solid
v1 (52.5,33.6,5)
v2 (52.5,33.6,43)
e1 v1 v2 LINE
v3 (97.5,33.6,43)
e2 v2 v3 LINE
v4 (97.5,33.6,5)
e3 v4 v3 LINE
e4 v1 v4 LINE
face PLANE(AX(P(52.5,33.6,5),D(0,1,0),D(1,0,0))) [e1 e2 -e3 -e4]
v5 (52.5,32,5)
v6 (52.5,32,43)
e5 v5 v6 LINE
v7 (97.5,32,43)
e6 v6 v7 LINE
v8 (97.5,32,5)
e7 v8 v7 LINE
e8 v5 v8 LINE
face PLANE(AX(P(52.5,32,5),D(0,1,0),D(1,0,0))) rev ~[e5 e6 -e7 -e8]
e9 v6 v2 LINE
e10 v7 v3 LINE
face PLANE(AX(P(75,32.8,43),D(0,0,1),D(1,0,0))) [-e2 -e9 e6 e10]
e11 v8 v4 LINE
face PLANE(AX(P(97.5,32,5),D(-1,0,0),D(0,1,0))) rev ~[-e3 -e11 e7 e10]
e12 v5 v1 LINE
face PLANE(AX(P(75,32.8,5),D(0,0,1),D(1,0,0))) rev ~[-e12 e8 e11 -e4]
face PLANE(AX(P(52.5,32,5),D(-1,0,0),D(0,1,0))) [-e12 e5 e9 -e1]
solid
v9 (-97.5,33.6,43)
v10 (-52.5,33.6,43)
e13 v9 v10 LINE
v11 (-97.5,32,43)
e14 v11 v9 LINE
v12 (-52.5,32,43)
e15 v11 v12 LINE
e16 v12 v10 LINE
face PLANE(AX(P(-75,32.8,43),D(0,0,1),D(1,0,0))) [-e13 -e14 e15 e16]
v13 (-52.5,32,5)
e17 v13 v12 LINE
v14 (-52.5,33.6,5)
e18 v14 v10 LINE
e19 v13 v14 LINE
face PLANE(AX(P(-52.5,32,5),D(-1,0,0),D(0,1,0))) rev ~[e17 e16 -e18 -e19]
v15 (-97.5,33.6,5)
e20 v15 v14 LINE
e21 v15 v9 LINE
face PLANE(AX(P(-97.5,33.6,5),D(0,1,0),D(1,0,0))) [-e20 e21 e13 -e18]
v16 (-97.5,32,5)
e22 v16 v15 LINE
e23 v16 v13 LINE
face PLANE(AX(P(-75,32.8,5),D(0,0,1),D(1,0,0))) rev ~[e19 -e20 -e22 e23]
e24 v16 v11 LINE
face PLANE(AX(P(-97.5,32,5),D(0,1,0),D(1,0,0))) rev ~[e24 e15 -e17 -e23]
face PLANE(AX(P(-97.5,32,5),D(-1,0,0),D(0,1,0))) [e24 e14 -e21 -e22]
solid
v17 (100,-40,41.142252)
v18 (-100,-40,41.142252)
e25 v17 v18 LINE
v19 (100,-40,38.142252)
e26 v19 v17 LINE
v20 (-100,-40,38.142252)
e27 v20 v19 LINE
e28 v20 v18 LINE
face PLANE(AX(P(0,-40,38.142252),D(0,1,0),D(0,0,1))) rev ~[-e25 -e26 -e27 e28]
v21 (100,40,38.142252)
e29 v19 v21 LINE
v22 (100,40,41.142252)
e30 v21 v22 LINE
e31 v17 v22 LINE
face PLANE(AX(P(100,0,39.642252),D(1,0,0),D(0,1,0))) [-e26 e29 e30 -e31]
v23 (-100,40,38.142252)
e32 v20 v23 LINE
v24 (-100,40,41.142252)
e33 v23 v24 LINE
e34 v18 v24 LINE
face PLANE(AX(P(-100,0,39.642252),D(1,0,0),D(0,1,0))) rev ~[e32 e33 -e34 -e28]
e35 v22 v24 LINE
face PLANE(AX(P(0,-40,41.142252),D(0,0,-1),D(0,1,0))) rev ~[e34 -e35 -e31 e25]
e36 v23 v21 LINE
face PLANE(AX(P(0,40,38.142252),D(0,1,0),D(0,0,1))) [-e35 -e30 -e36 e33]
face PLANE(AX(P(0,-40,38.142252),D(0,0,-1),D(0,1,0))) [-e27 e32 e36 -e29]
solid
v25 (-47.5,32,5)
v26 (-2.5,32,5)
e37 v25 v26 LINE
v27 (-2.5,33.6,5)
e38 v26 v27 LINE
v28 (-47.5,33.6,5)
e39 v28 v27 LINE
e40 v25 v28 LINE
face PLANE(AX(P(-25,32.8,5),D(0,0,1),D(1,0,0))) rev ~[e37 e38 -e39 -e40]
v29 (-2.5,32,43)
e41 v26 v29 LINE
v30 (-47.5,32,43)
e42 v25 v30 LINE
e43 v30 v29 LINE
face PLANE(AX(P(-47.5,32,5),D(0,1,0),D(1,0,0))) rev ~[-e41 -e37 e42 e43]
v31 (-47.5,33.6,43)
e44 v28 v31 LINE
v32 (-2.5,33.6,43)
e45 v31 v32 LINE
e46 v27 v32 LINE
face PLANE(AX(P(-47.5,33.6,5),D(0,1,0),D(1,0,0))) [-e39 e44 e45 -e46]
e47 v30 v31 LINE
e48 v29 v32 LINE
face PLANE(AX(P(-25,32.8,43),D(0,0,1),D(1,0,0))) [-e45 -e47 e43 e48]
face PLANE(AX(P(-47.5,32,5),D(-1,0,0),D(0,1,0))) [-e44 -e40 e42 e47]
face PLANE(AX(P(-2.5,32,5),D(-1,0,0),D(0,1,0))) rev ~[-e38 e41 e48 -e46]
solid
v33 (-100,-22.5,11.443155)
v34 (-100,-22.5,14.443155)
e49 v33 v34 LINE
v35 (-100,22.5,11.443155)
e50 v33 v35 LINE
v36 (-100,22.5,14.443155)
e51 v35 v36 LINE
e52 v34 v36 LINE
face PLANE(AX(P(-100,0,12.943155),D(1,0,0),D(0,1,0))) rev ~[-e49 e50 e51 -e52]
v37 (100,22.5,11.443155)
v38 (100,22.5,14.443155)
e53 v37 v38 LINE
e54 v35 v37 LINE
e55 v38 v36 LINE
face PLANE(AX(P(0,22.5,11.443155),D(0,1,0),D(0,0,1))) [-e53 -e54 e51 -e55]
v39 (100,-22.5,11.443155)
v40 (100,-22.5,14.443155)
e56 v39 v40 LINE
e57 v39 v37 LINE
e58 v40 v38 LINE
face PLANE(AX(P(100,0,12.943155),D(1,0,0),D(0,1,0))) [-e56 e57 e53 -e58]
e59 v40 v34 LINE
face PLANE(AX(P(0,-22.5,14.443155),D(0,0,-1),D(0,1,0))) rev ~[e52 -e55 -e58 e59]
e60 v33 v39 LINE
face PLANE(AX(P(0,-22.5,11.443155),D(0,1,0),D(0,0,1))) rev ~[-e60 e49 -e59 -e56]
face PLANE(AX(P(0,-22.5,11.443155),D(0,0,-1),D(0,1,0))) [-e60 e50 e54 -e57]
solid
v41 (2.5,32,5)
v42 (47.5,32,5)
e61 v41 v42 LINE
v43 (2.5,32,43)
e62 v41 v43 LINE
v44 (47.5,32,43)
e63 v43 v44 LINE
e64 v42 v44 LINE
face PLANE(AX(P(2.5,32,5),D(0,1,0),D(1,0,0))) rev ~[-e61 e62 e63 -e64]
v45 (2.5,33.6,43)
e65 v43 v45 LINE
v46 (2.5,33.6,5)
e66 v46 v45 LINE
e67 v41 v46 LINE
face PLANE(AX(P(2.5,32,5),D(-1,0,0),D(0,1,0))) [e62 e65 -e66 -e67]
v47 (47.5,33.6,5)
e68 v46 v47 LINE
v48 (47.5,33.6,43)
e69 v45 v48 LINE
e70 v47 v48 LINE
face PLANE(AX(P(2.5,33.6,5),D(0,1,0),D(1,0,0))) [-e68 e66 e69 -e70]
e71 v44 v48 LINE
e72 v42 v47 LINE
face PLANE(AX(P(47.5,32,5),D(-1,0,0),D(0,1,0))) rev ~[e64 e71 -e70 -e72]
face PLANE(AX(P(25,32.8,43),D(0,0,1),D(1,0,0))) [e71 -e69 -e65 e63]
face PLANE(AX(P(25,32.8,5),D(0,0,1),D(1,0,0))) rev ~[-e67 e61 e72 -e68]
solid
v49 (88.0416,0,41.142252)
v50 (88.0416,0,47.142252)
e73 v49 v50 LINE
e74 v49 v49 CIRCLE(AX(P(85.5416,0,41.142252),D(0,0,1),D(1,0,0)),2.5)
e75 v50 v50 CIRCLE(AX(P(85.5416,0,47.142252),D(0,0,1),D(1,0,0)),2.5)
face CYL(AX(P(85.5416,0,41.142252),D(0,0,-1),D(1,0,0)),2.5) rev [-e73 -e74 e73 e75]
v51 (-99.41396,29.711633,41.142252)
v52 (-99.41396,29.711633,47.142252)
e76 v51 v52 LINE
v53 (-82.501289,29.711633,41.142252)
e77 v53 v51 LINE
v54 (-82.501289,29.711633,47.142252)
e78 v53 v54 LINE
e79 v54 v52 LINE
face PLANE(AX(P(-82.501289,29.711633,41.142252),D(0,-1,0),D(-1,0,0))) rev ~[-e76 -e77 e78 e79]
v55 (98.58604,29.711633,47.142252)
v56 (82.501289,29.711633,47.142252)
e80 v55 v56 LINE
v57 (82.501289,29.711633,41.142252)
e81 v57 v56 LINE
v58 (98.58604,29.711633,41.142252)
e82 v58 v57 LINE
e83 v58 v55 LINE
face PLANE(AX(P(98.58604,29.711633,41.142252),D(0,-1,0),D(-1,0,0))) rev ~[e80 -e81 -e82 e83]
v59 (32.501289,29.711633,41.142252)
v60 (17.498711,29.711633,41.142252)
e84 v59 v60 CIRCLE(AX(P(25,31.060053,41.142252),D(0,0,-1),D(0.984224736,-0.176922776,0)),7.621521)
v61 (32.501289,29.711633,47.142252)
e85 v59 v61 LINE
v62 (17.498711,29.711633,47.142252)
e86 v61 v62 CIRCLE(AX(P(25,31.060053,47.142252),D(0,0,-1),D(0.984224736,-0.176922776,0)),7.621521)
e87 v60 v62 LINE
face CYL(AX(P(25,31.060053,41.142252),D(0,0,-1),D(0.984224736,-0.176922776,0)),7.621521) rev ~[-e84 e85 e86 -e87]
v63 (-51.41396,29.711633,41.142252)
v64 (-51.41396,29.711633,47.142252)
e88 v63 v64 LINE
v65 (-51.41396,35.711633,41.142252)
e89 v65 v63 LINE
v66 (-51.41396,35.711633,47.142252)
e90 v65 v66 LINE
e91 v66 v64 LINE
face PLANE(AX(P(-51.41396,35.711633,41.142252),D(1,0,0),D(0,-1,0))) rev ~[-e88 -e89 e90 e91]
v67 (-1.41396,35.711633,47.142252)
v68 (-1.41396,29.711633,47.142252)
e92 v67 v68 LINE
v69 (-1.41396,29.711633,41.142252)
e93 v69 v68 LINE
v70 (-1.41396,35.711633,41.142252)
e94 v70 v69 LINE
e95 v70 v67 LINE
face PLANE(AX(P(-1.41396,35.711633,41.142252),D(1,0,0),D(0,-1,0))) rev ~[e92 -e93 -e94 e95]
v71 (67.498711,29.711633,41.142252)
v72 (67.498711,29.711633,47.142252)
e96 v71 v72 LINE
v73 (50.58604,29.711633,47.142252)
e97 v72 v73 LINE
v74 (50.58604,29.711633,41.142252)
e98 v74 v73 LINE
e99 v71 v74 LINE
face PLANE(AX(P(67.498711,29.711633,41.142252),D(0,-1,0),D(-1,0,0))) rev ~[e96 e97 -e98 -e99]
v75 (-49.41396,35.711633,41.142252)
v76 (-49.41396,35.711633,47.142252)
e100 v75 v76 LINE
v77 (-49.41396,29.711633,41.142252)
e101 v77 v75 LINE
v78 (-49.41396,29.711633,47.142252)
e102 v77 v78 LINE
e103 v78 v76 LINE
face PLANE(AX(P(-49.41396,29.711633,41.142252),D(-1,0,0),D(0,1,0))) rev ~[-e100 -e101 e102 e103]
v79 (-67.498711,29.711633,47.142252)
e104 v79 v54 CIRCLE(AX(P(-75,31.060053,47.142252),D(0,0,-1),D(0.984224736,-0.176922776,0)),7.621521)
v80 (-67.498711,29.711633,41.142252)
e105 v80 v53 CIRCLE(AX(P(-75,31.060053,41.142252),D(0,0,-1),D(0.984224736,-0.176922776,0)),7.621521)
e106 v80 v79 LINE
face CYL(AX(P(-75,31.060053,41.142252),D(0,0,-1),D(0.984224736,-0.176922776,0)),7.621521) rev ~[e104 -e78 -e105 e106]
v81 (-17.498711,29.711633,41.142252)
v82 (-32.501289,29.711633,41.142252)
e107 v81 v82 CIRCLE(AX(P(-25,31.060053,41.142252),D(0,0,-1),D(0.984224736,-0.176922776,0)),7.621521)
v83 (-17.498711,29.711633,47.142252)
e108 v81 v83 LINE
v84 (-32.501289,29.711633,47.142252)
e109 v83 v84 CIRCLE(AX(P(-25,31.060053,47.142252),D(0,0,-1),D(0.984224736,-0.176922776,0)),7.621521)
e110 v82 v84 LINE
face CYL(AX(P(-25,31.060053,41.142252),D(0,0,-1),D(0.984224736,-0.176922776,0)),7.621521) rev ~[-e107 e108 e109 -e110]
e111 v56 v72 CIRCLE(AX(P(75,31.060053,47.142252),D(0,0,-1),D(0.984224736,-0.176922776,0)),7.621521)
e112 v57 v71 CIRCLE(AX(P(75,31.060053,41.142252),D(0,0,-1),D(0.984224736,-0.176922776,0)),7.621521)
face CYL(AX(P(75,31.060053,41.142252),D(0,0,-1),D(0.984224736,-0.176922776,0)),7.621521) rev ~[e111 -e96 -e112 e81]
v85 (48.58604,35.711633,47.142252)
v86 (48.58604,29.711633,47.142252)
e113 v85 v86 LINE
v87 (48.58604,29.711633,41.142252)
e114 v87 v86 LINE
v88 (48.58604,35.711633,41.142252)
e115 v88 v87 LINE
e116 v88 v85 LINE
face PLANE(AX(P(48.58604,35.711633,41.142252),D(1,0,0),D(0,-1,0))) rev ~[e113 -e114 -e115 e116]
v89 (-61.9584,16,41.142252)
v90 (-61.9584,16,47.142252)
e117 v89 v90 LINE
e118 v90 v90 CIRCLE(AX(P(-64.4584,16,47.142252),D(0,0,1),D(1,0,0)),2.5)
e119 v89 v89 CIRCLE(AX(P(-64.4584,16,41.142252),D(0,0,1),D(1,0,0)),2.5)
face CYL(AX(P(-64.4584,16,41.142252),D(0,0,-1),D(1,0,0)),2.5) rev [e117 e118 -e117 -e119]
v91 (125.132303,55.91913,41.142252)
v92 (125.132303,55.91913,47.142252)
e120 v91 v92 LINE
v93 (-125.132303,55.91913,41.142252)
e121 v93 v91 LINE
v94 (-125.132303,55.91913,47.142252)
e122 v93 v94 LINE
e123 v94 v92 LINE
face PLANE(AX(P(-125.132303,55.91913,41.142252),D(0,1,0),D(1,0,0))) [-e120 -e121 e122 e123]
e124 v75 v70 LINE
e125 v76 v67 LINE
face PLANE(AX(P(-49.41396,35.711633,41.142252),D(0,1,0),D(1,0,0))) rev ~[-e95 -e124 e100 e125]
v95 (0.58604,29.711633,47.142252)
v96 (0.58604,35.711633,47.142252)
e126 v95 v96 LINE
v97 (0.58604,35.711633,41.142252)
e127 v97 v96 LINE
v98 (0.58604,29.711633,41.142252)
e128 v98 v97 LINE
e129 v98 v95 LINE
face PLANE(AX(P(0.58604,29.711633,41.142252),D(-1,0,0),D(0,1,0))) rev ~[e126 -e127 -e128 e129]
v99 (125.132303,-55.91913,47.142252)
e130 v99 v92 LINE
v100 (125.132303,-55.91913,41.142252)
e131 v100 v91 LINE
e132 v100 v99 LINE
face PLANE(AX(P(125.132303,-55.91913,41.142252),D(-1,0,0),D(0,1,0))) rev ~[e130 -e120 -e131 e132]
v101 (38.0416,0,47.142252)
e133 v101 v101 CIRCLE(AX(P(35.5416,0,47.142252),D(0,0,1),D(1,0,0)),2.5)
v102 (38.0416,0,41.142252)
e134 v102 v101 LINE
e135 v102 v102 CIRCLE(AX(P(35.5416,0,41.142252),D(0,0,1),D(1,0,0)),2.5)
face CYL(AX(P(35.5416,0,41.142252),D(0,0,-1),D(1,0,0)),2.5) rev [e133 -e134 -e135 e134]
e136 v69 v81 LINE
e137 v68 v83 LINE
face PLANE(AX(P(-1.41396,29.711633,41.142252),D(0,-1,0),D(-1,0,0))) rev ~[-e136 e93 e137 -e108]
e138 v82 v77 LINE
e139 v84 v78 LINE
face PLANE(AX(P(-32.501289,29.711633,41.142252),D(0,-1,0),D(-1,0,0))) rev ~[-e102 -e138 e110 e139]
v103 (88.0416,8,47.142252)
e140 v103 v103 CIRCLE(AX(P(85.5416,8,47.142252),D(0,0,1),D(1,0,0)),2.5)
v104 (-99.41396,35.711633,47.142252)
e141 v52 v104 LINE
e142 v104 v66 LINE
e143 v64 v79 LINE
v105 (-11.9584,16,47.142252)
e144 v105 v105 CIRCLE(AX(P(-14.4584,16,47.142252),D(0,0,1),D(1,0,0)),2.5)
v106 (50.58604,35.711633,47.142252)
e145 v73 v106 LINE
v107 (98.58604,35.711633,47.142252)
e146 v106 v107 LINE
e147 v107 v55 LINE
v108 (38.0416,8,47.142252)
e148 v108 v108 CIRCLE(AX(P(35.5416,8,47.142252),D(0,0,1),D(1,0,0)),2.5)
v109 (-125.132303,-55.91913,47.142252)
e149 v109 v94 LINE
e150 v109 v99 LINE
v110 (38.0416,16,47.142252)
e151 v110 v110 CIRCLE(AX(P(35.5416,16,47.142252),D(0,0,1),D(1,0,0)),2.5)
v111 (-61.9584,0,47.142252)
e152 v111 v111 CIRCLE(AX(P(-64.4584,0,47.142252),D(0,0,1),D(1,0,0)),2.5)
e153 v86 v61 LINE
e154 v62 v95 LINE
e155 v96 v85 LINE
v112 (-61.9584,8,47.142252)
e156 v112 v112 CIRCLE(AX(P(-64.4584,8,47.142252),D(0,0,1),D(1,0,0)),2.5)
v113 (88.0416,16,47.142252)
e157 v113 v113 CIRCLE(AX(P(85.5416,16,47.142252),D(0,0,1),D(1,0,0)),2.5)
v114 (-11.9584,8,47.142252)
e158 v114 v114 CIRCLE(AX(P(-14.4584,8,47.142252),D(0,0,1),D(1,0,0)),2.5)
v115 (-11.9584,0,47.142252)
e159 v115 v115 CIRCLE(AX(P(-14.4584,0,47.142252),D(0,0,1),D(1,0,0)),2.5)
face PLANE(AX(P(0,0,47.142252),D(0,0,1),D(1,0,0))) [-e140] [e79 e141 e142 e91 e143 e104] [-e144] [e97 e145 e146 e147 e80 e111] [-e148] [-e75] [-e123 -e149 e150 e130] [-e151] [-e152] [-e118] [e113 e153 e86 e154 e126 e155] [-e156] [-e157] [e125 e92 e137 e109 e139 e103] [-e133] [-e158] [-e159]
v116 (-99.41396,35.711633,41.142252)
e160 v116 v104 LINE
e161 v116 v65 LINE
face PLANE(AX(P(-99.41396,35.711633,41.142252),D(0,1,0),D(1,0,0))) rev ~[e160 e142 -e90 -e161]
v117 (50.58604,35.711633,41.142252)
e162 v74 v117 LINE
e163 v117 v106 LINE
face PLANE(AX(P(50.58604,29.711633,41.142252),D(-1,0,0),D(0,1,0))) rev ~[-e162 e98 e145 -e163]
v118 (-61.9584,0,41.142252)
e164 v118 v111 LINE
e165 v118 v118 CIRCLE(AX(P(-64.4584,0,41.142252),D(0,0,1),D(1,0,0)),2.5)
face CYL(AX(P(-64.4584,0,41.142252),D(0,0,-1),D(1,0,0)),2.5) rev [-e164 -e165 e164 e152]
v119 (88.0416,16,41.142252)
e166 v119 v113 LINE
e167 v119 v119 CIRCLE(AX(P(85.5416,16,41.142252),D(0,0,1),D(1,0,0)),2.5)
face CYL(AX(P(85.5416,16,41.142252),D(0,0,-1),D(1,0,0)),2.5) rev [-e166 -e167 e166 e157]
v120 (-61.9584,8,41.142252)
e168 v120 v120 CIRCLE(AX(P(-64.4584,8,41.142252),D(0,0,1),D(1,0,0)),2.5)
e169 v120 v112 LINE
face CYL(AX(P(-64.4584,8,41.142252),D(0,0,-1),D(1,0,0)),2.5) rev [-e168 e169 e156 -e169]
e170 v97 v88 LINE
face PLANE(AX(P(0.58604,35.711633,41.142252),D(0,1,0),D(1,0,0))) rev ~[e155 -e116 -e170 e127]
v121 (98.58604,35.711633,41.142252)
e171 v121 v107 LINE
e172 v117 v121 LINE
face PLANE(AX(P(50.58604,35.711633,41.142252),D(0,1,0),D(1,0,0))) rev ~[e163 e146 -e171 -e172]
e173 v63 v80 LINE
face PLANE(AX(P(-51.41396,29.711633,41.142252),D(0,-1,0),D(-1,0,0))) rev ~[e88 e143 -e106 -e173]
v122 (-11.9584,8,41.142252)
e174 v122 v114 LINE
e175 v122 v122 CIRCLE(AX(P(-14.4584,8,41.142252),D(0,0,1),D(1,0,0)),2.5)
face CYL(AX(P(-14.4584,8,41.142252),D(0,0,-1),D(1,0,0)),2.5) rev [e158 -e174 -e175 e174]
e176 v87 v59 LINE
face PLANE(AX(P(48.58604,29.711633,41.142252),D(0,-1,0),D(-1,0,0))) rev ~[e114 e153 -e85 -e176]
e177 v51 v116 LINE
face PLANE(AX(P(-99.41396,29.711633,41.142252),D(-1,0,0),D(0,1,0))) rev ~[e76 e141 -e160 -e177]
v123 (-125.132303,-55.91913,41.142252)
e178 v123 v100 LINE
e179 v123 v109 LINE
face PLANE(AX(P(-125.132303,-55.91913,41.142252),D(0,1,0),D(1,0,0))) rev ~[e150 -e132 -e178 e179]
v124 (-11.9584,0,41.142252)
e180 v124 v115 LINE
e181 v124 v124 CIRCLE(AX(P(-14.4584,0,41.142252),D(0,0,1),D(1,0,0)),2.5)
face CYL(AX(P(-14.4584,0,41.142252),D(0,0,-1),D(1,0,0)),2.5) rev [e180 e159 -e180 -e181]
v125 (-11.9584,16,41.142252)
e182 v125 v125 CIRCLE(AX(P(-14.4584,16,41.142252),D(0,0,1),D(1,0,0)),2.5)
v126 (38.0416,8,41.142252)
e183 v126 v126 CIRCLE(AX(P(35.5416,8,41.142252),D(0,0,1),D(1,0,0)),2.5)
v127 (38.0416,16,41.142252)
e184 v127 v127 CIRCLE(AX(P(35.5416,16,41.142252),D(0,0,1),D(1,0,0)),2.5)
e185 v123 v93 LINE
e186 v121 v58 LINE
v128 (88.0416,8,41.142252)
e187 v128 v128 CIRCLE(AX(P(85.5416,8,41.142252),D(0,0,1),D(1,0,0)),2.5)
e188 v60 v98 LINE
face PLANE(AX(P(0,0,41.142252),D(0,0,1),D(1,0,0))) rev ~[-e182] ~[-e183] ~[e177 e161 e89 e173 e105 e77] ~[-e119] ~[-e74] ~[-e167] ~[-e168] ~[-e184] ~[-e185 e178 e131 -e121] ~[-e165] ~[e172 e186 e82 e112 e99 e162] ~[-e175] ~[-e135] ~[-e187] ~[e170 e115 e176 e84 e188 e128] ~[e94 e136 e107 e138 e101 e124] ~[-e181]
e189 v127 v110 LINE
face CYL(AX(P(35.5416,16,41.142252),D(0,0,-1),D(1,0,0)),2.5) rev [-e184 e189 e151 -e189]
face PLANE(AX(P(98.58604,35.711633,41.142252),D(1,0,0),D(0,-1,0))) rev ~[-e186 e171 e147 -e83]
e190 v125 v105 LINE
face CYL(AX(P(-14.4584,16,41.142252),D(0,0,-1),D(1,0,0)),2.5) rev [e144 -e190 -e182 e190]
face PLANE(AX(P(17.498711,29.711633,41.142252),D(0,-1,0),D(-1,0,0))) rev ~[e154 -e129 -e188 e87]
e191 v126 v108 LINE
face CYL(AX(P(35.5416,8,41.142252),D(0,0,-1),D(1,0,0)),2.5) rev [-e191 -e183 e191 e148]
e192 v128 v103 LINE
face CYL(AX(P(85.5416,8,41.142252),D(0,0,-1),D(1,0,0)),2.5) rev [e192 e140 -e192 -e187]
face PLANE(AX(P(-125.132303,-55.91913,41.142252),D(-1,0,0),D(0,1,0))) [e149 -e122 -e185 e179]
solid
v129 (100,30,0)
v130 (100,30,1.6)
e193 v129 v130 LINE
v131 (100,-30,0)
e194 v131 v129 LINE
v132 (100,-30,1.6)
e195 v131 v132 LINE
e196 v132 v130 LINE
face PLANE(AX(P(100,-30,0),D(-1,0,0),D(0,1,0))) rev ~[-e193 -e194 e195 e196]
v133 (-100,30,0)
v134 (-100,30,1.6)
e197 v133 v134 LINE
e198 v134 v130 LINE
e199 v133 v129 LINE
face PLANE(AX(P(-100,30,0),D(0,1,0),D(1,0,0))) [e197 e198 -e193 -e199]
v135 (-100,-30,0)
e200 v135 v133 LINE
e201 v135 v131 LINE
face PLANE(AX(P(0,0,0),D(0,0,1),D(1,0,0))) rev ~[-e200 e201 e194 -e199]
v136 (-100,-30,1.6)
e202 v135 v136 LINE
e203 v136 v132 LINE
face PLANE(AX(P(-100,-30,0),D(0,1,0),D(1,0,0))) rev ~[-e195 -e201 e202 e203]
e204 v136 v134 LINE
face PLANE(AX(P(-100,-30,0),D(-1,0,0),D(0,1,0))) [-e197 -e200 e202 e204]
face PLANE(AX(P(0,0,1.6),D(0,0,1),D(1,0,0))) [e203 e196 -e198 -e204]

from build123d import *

# Parameters (mm, degrees)
F0_W          = 200
F0_H          = 60
F1_DEPTH      = 1.6
F3_START      = 5
F2_W          = 45
F2_H          = 1.6
F3_DEPTH      = 38
F4_W          = 45
F4_H          = 3
F5_DEPTH      = 100
F5_DEPTH_BACK = 100
F4_W_2        = 80
F6_W          = 250.26460653
F6_H          = 111.8382608923
F6_R          = 2.5
F7_DEPTH      = 6


with BuildPart() as f1:
    # F0 (on Top) → F1 (new body)
    with BuildSketch(Plane.XY):
        Rectangle(F0_W, F0_H)
    extrude(amount=F1_DEPTH)


with BuildPart() as f3:
    # F2 (on Top) → F3 (new body)
    with BuildSketch(Plane.XY.offset(F3_START)):
        with Locations((-75, 32.8)):
            Rectangle(F2_W, F2_H)
    extrude(amount=F3_DEPTH)


with BuildPart() as f3b:
    # F2 (on Top) → F3, piece 2 (new body)
    with BuildSketch(Plane.XY.offset(F3_START)):
        with Locations((-25, 32.8)):
            Rectangle(F2_W, F2_H)
    extrude(amount=F3_DEPTH)


with BuildPart() as f3c:
    # F2 (on Top) → F3, piece 3 (new body)
    with BuildSketch(Plane.XY.offset(F3_START)):
        with Locations((25, 32.8)):
            Rectangle(F2_W, F2_H)
    extrude(amount=F3_DEPTH)


with BuildPart() as f3d:
    # F2 (on Top) → F3, piece 4 (new body)
    with BuildSketch(Plane.XY.offset(F3_START)):
        with Locations((75, 32.8)):
            Rectangle(F2_W, F2_H)
    extrude(amount=F3_DEPTH)


with BuildPart() as f5:
    # F4 (on Right) → F5 (new body, two sides)
    with BuildSketch(Plane.YZ) as f5_sk:
        with Locations((0, 12.9431548645)):
            Rectangle(F4_W, F4_H)
    extrude(amount=F5_DEPTH)
    extrude(f5_sk.sketch, amount=-F5_DEPTH_BACK)


with BuildPart() as f5b:
    # F4 (on Right) → F5, piece 2 (new body, two sides)
    with BuildSketch(Plane.YZ) as f5_2_sk:
        with Locations((0, 39.642252028)):
            Rectangle(F4_W_2, F4_H)
    extrude(amount=F5_DEPTH)
    extrude(f5_2_sk.sketch, amount=-F5_DEPTH_BACK)


with BuildPart() as f7:
    # F6 (on face) → F7 (new body)
    with BuildSketch(Plane.XY.offset(41.142252028)):
        Rectangle(F6_W, F6_H)
        with Locations((-64.4584000111, 0)):
            Circle(F6_R, mode=Mode.SUBTRACT)
        with Locations((-64.4584000111, 8)):
            Circle(F6_R, mode=Mode.SUBTRACT)
        with Locations((-64.4584000111, 16)):
            Circle(F6_R, mode=Mode.SUBTRACT)
        with Locations((-14.4584000111, 0)):
            Circle(F6_R, mode=Mode.SUBTRACT)
        with Locations((-14.4584000111, 8)):
            Circle(F6_R, mode=Mode.SUBTRACT)
        with Locations((-14.4584000111, 16)):
            Circle(F6_R, mode=Mode.SUBTRACT)
        with BuildLine():
            Line((-99.413959682, 35.7116325498), (-51.413959682, 35.7116325498))
            Line((-51.413959682, 35.7116325498), (-51.413959682, 29.7116325498))
            Line((-51.413959682, 29.7116325498), (-67.4987107515, 29.7116325498))
            ThreePointArc((-67.4987107515, 29.7116325498), (-75, 23.4385324077), (-82.5012892485, 29.7116325498))
            Line((-82.5012892485, 29.7116325498), (-99.413959682, 29.7116325498))
            Line((-99.413959682, 29.7116325498), (-99.413959682, 35.7116325498))
        make_face(mode=Mode.SUBTRACT)
        with BuildLine():
            Line((-1.413959682, 35.7116325498), (-1.413959682, 29.7116325498))
            Line((-1.413959682, 29.7116325498), (-17.4987107515, 29.7116325498))
            ThreePointArc((-17.4987107515, 29.7116325498), (-25, 23.4385324077), (-32.5012892485, 29.7116325498))
            Line((-32.5012892485, 29.7116325498), (-49.413959682, 29.7116325498))
            Line((-49.413959682, 29.7116325498), (-49.413959682, 35.7116325498))
            Line((-49.413959682, 35.7116325498), (-1.413959682, 35.7116325498))
        make_face(mode=Mode.SUBTRACT)
        with Locations((35.5415999889, 0)):
            Circle(F6_R, mode=Mode.SUBTRACT)
        with Locations((35.5415999889, 8)):
            Circle(F6_R, mode=Mode.SUBTRACT)
        with Locations((35.5415999889, 16)):
            Circle(F6_R, mode=Mode.SUBTRACT)
        with Locations((85.5415999889, 0)):
            Circle(F6_R, mode=Mode.SUBTRACT)
        with Locations((85.5415999889, 8)):
            Circle(F6_R, mode=Mode.SUBTRACT)
        with Locations((85.5415999889, 16)):
            Circle(F6_R, mode=Mode.SUBTRACT)
        with BuildLine():
            Line((48.586040318, 35.7116325498), (48.586040318, 29.7116325498))
            Line((48.586040318, 29.7116325498), (32.5012892485, 29.7116325498))
            ThreePointArc((32.5012892485, 29.7116325498), (25, 23.4385324077), (17.4987107515, 29.7116325498))
            Line((17.4987107515, 29.7116325498), (0.586040318, 29.7116325498))
            Line((0.586040318, 29.7116325498), (0.586040318, 35.7116325498))
            Line((0.586040318, 35.7116325498), (48.586040318, 35.7116325498))
        make_face(mode=Mode.SUBTRACT)
        with BuildLine():
            Line((98.586040318, 35.7116325498), (98.586040318, 29.7116325498))
            Line((98.586040318, 29.7116325498), (82.5012892485, 29.7116325498))
            ThreePointArc((82.5012892485, 29.7116325498), (75, 23.4385324077), (67.4987107515, 29.7116325498))
            Line((67.4987107515, 29.7116325498), (50.586040318, 29.7116325498))
            Line((50.586040318, 29.7116325498), (50.586040318, 35.7116325498))
            Line((50.586040318, 35.7116325498), (98.586040318, 35.7116325498))
        make_face(mode=Mode.SUBTRACT)
    extrude(amount=F7_DEPTH)


solid = Compound([f1.part, f3.part, f3b.part, f3c.part, f3d.part, f5.part, f5b.part, f7.part])
